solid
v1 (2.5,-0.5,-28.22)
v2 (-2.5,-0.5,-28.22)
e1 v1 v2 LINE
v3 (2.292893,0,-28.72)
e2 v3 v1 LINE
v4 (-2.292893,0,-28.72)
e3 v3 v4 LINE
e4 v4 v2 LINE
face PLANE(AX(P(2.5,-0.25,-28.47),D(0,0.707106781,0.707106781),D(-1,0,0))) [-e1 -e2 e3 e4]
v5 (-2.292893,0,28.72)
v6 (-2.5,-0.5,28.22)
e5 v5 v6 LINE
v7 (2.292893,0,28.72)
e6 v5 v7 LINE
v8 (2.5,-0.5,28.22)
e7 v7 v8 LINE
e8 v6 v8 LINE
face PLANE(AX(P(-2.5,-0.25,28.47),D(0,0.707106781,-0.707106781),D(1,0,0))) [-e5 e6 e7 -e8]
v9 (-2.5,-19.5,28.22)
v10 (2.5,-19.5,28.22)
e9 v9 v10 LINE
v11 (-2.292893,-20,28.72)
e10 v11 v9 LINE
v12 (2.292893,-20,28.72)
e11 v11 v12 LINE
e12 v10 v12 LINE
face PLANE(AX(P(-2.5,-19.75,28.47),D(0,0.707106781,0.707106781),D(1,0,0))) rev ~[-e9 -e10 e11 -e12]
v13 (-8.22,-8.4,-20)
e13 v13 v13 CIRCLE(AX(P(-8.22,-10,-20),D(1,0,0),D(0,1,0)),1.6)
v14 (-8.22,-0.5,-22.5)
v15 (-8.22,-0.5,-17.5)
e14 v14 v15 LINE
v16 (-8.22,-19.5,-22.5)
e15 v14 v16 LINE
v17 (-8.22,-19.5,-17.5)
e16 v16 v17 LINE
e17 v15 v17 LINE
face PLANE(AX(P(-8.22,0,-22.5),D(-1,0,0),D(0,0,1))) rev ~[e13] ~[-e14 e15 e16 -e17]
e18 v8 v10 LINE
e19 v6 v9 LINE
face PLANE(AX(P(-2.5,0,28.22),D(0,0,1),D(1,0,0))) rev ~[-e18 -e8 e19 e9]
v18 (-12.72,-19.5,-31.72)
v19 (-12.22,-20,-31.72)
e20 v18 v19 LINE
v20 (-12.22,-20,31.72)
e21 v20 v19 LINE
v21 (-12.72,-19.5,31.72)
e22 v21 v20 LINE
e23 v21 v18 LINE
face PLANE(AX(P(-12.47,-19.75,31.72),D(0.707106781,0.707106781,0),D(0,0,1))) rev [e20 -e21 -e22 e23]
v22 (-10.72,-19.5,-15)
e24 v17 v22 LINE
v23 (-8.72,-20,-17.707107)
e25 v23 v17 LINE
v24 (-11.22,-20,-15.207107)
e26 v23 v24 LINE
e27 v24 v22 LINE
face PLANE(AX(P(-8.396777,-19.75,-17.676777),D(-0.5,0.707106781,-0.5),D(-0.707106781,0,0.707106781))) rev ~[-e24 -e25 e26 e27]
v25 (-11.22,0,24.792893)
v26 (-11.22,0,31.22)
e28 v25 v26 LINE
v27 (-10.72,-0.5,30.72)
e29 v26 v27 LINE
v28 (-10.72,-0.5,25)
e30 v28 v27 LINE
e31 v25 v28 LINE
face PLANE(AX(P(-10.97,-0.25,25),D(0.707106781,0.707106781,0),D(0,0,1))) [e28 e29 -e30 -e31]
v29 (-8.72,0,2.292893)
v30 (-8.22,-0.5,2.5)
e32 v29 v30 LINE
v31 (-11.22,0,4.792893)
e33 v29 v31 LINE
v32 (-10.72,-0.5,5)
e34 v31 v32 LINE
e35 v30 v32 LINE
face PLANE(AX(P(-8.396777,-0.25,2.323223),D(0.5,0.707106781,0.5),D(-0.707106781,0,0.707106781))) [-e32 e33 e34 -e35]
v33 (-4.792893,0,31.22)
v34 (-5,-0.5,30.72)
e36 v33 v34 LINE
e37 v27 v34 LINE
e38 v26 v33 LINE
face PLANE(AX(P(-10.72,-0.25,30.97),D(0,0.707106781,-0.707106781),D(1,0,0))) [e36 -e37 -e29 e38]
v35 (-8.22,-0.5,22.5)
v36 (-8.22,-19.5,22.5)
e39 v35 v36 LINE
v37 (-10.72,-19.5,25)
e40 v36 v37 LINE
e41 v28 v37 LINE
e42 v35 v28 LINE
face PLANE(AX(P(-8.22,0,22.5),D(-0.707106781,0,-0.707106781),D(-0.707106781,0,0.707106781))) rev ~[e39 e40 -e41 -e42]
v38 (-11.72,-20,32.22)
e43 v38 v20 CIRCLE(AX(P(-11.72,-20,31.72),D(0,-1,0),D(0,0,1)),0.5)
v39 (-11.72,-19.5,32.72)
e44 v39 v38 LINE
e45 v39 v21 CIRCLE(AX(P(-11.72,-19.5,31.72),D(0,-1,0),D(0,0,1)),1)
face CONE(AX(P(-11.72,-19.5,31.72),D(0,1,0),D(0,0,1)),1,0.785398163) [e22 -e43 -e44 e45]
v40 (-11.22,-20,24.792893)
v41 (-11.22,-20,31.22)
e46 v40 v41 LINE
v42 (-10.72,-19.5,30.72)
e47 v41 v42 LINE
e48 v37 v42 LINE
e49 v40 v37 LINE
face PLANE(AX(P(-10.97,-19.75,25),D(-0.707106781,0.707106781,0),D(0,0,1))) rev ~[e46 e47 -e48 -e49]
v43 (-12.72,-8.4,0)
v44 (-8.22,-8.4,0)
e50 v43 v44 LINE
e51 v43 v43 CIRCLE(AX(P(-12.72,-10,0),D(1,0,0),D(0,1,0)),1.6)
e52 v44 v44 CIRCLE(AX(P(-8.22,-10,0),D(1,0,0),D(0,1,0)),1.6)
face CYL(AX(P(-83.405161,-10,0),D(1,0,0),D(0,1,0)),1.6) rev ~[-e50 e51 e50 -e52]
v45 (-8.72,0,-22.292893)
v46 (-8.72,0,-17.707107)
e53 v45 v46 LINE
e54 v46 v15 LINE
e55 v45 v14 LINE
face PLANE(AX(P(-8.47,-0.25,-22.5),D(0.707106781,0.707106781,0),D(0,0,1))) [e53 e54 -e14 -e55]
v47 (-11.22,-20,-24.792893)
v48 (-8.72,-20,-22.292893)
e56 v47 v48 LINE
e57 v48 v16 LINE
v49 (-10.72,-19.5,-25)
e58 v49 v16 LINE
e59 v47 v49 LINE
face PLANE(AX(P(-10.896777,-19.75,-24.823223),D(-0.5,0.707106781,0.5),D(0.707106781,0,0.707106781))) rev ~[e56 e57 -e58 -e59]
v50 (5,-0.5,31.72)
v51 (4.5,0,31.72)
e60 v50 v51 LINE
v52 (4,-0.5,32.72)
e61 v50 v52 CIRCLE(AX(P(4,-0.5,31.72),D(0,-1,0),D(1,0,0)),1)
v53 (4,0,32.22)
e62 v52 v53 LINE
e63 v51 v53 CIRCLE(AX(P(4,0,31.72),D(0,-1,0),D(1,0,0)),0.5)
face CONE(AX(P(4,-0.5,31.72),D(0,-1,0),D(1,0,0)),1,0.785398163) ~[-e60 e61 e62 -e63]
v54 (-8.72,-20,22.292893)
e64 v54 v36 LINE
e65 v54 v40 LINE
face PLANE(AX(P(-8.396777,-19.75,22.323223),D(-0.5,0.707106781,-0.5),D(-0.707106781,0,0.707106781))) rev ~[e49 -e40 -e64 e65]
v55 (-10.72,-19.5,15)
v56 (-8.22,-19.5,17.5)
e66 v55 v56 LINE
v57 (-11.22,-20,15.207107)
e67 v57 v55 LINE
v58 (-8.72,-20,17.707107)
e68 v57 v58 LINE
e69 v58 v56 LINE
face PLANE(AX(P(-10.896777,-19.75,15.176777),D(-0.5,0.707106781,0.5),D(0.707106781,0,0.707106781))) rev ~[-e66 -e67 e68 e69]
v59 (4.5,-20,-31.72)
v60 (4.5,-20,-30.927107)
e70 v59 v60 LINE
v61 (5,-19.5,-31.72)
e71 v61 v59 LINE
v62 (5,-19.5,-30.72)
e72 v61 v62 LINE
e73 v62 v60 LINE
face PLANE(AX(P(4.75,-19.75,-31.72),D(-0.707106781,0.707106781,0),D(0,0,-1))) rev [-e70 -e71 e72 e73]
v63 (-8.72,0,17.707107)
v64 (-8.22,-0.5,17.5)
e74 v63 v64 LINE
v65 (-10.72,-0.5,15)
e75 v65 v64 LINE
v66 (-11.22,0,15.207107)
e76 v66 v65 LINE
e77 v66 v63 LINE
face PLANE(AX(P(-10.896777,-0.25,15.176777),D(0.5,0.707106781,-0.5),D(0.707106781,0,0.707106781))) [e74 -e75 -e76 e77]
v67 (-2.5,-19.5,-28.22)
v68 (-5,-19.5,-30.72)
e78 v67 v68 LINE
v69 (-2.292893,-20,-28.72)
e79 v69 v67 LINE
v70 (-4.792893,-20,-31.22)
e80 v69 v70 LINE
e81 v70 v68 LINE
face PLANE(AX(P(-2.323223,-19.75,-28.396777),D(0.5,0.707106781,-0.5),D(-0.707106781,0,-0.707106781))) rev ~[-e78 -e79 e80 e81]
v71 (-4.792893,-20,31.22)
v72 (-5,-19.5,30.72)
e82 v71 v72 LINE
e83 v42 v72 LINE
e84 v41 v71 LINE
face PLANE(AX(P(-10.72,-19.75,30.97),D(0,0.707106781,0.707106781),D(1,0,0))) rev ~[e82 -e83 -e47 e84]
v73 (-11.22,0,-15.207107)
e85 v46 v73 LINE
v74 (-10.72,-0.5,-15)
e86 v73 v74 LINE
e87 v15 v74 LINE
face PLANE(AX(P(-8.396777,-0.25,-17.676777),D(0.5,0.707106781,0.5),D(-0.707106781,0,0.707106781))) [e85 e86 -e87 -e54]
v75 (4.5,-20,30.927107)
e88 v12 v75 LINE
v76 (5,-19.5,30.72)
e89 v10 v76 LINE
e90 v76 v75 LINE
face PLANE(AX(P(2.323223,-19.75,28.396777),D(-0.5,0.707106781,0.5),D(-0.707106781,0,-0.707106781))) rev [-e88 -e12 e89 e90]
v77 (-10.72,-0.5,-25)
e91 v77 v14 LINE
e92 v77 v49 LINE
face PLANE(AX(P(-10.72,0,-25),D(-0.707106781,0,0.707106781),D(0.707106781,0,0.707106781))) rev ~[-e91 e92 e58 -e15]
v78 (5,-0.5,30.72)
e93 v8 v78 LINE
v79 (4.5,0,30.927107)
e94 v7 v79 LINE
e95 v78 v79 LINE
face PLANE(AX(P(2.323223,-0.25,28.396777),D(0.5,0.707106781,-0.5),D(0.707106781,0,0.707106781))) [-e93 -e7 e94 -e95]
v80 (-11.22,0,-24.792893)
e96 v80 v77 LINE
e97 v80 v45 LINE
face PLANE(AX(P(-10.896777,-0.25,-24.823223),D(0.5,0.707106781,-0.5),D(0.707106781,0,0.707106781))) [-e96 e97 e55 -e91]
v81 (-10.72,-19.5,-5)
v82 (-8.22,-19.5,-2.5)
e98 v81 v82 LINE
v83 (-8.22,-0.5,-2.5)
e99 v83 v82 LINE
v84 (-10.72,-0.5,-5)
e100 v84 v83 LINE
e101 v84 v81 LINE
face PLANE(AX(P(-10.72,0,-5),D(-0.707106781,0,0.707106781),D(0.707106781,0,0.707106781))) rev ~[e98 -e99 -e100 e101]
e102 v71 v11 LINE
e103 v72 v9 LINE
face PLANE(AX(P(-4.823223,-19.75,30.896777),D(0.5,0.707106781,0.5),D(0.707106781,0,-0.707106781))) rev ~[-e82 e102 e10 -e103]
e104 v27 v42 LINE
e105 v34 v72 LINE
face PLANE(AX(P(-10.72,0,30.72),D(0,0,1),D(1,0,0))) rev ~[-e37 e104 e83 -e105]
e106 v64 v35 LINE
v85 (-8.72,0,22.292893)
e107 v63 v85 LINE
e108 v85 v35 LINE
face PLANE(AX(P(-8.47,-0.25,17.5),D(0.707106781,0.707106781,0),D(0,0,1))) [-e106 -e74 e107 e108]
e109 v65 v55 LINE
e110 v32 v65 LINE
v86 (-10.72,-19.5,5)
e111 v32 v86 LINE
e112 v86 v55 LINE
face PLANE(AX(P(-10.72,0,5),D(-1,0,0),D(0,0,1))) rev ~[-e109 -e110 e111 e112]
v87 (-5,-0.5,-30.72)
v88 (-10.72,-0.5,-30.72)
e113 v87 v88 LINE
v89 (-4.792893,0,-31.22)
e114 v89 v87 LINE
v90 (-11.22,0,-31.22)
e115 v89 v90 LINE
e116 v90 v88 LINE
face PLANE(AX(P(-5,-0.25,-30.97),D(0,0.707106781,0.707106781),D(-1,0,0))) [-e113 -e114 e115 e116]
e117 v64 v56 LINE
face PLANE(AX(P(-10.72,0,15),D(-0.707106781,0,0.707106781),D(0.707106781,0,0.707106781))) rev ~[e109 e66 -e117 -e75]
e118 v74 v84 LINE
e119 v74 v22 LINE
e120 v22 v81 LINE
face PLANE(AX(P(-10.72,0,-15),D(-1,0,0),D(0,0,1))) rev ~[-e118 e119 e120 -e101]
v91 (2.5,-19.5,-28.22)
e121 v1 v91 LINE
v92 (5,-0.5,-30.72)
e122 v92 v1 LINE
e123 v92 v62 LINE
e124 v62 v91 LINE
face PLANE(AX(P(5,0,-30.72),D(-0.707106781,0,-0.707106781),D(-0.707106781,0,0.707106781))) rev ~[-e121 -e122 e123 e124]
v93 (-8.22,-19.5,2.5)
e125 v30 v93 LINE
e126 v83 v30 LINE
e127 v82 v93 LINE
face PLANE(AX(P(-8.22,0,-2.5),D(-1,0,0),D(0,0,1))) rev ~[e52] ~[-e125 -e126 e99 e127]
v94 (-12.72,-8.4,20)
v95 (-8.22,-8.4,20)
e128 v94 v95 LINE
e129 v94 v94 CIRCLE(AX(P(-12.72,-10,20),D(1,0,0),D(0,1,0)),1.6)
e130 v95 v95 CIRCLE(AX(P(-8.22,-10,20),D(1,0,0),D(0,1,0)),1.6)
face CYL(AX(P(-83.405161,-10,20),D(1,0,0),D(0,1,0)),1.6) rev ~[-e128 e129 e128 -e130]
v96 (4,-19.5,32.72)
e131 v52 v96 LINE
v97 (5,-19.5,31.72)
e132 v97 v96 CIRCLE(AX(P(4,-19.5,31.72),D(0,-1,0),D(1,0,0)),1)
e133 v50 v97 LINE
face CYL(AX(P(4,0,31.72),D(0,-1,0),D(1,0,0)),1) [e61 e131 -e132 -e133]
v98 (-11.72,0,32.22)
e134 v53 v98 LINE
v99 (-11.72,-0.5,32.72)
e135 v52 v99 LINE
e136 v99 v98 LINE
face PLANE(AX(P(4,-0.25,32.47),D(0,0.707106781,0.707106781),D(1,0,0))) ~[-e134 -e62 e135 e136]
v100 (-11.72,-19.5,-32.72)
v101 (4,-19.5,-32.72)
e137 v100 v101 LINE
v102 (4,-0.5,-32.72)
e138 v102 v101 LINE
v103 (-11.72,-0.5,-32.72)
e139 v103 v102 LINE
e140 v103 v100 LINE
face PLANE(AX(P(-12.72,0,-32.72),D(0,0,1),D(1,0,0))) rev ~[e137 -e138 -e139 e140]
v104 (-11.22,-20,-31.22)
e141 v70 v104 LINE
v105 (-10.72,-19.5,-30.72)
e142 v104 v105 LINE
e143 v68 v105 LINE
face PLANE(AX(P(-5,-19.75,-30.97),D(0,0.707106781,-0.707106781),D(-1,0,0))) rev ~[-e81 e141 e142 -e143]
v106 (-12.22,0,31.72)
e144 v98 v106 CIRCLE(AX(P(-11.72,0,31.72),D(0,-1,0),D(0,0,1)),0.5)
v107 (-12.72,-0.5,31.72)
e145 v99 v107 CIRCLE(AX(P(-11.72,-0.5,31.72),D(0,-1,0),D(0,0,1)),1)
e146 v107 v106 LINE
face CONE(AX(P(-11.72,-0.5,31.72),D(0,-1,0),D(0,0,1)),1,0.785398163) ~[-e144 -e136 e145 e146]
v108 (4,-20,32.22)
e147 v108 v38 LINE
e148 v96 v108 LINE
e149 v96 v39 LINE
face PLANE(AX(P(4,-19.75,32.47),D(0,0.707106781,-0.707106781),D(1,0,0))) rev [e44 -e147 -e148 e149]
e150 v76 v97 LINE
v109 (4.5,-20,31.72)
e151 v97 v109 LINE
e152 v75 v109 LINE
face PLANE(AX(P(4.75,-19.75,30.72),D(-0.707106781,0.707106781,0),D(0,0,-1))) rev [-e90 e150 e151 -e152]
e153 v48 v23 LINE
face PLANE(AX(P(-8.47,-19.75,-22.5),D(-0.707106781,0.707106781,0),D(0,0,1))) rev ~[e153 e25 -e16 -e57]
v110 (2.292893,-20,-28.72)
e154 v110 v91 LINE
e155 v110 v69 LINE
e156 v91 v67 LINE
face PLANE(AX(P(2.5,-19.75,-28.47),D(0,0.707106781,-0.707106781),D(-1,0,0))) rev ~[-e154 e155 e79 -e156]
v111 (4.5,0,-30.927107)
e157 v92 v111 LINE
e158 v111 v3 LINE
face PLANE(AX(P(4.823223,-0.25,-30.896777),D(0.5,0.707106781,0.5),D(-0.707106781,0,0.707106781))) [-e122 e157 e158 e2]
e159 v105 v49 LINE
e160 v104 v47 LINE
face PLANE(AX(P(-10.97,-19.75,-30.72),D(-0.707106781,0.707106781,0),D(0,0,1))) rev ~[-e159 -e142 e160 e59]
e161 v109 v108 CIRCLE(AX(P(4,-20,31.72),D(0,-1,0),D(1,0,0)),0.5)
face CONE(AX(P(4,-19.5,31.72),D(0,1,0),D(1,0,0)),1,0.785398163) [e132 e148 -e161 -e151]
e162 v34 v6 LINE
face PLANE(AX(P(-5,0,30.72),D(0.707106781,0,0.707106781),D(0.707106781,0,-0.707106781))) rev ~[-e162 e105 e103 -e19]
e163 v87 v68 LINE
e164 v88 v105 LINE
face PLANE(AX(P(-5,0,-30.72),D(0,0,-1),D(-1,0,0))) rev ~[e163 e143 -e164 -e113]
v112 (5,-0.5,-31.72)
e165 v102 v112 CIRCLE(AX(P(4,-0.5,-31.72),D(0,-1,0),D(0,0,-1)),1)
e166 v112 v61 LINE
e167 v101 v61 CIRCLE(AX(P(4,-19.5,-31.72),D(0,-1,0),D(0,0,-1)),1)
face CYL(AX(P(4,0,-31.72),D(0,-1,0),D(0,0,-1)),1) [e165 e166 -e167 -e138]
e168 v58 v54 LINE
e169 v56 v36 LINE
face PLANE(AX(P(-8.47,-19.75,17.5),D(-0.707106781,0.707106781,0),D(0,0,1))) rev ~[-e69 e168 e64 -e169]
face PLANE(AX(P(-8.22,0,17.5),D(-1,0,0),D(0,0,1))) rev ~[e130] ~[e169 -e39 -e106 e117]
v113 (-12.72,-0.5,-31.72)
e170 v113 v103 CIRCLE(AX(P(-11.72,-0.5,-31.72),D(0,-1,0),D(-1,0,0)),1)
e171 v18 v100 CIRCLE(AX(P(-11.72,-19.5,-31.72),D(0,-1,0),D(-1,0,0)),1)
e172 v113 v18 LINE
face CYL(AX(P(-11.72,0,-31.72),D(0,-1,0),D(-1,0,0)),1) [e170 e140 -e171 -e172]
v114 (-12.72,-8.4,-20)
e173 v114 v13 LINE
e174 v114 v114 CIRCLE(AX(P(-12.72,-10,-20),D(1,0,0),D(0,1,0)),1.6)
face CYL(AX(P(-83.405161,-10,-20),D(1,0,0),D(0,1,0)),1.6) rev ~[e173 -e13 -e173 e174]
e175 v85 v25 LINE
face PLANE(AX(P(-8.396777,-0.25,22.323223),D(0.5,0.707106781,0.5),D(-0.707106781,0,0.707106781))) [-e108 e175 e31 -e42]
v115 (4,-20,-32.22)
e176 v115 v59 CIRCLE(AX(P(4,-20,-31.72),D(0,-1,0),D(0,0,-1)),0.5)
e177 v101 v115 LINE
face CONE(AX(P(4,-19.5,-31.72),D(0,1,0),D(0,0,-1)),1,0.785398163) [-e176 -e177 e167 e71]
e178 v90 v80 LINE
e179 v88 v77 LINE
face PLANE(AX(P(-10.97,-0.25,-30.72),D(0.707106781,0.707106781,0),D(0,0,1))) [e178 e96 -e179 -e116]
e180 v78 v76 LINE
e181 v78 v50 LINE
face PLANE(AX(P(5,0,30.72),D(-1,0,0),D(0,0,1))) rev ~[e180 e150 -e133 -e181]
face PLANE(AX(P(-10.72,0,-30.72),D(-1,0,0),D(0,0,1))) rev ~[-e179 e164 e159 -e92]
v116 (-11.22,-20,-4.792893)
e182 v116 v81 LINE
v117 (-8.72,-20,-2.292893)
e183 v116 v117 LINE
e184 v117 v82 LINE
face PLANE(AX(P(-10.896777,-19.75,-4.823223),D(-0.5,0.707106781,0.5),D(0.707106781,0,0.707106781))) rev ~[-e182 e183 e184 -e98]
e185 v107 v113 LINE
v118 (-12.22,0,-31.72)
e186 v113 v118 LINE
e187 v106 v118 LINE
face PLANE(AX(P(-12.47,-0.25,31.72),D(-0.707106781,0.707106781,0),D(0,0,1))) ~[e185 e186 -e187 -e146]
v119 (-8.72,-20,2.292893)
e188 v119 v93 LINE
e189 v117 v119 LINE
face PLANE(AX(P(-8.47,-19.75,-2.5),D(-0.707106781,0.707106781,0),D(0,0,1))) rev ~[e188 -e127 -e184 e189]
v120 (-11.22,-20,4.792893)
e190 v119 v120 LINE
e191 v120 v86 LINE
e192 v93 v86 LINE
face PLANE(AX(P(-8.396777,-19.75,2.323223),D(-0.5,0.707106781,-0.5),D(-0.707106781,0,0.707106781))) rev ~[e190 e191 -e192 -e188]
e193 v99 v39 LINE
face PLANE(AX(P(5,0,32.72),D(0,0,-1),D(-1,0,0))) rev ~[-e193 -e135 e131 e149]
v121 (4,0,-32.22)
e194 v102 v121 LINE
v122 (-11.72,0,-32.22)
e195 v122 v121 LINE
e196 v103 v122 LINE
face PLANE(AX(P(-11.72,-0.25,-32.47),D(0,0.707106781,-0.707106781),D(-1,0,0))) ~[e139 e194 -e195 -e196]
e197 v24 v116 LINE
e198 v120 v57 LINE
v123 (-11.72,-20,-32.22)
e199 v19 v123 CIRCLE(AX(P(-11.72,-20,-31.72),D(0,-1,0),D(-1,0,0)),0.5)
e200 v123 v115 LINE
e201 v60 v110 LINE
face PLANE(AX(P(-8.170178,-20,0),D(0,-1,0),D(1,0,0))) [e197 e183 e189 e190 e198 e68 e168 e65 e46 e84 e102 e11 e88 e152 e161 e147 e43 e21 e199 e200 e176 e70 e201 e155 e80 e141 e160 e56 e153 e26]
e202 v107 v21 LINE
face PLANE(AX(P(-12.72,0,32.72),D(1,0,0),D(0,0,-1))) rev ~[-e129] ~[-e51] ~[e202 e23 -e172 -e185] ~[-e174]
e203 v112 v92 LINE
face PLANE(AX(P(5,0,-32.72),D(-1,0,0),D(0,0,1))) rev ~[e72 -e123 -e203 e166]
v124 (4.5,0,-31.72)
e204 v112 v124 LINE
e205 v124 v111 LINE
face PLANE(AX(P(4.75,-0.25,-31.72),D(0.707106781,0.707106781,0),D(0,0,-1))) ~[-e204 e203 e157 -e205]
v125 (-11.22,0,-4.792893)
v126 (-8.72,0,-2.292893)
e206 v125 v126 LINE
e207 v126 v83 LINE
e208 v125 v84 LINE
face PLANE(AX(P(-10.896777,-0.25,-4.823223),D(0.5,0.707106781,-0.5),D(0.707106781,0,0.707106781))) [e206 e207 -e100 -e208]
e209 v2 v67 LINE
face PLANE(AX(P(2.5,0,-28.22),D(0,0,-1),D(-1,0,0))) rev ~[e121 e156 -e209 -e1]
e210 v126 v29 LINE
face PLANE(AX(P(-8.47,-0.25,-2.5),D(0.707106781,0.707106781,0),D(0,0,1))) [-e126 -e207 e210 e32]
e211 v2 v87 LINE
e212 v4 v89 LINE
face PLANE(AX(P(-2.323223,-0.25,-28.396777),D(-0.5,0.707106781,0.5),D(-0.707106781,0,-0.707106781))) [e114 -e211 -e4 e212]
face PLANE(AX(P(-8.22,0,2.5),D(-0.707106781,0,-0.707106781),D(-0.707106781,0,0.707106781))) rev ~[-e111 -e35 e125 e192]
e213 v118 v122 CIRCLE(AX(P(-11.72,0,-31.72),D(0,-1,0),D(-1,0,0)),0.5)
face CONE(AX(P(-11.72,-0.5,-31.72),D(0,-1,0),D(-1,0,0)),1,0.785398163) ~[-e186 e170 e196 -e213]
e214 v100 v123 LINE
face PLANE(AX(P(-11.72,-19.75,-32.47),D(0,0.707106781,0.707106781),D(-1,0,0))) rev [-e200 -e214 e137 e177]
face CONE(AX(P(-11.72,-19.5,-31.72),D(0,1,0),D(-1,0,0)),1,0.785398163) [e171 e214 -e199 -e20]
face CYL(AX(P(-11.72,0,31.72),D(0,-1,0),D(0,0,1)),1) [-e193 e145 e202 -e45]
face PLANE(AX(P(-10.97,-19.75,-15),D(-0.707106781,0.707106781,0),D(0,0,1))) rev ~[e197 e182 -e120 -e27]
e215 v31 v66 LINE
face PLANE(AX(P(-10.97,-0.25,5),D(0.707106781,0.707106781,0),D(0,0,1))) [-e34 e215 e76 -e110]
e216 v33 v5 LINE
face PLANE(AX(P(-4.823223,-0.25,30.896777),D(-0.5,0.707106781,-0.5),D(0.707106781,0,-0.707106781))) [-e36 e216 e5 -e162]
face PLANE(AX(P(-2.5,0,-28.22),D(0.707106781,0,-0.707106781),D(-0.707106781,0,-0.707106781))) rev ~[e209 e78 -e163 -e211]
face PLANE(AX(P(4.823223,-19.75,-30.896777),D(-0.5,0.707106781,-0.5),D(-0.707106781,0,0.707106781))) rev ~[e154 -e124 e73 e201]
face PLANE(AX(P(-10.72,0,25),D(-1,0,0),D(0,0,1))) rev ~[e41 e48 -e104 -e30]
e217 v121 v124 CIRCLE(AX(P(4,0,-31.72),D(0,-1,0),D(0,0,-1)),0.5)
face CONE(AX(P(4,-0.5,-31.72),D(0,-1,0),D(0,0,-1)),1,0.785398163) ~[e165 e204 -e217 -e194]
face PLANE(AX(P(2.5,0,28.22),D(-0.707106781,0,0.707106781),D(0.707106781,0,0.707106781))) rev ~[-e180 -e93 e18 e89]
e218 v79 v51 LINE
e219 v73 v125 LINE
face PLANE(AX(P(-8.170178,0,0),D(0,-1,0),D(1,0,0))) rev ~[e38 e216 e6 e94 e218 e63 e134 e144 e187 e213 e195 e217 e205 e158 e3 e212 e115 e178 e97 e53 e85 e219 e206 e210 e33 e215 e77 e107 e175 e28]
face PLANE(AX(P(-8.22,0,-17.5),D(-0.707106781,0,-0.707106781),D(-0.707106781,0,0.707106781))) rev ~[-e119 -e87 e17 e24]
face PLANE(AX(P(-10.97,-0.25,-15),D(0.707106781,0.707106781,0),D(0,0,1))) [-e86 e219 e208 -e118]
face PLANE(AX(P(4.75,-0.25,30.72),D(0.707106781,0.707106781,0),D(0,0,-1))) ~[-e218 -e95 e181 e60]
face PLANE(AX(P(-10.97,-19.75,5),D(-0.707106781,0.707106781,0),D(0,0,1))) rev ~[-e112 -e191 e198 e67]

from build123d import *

# Parameters (mm, degrees)
F1_DEPTH = 20
F2_R     = 1
F4_D     = 3.2
F5_SIZE  = 0.5


with BuildPart() as f1:
    # F0 (on Front) → F1 (new body)
    with BuildSketch(Plane.XZ):
        Polygon((-10.72, 30.72), (-5, 30.72), (-2.5, 28.22), (2.5, 28.22), (5, 30.72), (5, 32.72), (-12.72, 32.72), (-12.72, -32.72), (5, -32.72), (5, -30.72), (2.5, -28.22), (-2.5, -28.22), (-5, -30.72), (-10.72, -30.72), (-10.72, -25), (-8.22, -22.5), (-8.22, -17.5), (-10.72, -15), (-10.72, -5), (-8.22, -2.5), (-8.22, 2.5), (-10.72, 5), (-10.72, 15), (-8.22, 17.5), (-8.22, 22.5), (-10.72, 25), align=None)
    extrude(amount=F1_DEPTH)

    # F2
    f2_edges = [f1.edges().sort_by_distance(p)[0] for p in [
        (5, -10, 32.72),
        (-12.72, -10, 32.72),
        (-12.72, -10, -32.72),
        (5, -10, -32.72),
    ]]
    fillet(f2_edges, radius=F2_R)

    # F4 (through all)
    with Locations(Plane(origin=(-12.72, 0, 0), x_dir=(0, -1, 0), z_dir=(-1, 0, 0))):
        with Locations((10, 20), (10, 0), (10, -20)):
            Hole(F4_D / 2)

    # F5
    f5_edges = [f1.edges().sort_by_distance(p)[0] for p in [
        (5, -20, 31.22),
        (4.707107, -20, 32.427107),
        (3.75, -20, 29.47),
        (-3.86, -20, 32.72),
        (0, -20, 28.22),
        (-12.427107, -20, 32.427107),
        (-3.75, -20, 29.47),
        (-12.72, -20, 0),
        (-7.86, -20, 30.72),
        (-12.427107, -20, -32.427107),
        (-10.72, -20, 27.86),
        (-3.86, -20, -32.72),
        (-9.47, -20, 23.75),
        (4.707107, -20, -32.427107),
        (-8.22, -20, 20),
        (5, -20, -31.22),
        (-9.47, -20, 16.25),
        (3.75, -20, -29.47),
        (-10.72, -20, 10),
        (0, -20, -28.22),
        (-9.47, -20, 3.75),
        (-3.75, -20, -29.47),
        (-8.22, -20, 0),
        (-7.86, -20, -30.72),
        (-9.47, -20, -3.75),
        (-10.72, -20, -27.86),
        (-10.72, -20, -10),
        (-9.47, -20, -23.75),
        (-9.47, -20, -16.25),
        (-8.22, -20, -20),
        (5, 0, 31.22),
        (4.707107, 0, 32.427107),
        (3.75, 0, 29.47),
        (-3.86, 0, 32.72),
        (0, 0, 28.22),
        (-12.427107, 0, 32.427107),
        (-3.75, 0, 29.47),
        (-12.72, 0, 0),
        (-7.86, 0, 30.72),
        (-12.427107, 0, -32.427107),
        (-10.72, 0, 27.86),
        (-3.86, 0, -32.72),
        (-9.47, 0, 23.75),
        (4.707107, 0, -32.427107),
        (-8.22, 0, 20),
        (5, 0, -31.22),
        (-9.47, 0, 16.25),
        (3.75, 0, -29.47),
        (-10.72, 0, 10),
        (0, 0, -28.22),
        (-9.47, 0, 3.75),
        (-3.75, 0, -29.47),
        (-8.22, 0, 0),
        (-7.86, 0, -30.72),
        (-9.47, 0, -3.75),
        (-10.72, 0, -27.86),
        (-10.72, 0, -10),
        (-9.47, 0, -23.75),
        (-9.47, 0, -16.25),
        (-8.22, 0, -20),
    ]]
    chamfer(f5_edges, length=F5_SIZE)


solid = f1.part
